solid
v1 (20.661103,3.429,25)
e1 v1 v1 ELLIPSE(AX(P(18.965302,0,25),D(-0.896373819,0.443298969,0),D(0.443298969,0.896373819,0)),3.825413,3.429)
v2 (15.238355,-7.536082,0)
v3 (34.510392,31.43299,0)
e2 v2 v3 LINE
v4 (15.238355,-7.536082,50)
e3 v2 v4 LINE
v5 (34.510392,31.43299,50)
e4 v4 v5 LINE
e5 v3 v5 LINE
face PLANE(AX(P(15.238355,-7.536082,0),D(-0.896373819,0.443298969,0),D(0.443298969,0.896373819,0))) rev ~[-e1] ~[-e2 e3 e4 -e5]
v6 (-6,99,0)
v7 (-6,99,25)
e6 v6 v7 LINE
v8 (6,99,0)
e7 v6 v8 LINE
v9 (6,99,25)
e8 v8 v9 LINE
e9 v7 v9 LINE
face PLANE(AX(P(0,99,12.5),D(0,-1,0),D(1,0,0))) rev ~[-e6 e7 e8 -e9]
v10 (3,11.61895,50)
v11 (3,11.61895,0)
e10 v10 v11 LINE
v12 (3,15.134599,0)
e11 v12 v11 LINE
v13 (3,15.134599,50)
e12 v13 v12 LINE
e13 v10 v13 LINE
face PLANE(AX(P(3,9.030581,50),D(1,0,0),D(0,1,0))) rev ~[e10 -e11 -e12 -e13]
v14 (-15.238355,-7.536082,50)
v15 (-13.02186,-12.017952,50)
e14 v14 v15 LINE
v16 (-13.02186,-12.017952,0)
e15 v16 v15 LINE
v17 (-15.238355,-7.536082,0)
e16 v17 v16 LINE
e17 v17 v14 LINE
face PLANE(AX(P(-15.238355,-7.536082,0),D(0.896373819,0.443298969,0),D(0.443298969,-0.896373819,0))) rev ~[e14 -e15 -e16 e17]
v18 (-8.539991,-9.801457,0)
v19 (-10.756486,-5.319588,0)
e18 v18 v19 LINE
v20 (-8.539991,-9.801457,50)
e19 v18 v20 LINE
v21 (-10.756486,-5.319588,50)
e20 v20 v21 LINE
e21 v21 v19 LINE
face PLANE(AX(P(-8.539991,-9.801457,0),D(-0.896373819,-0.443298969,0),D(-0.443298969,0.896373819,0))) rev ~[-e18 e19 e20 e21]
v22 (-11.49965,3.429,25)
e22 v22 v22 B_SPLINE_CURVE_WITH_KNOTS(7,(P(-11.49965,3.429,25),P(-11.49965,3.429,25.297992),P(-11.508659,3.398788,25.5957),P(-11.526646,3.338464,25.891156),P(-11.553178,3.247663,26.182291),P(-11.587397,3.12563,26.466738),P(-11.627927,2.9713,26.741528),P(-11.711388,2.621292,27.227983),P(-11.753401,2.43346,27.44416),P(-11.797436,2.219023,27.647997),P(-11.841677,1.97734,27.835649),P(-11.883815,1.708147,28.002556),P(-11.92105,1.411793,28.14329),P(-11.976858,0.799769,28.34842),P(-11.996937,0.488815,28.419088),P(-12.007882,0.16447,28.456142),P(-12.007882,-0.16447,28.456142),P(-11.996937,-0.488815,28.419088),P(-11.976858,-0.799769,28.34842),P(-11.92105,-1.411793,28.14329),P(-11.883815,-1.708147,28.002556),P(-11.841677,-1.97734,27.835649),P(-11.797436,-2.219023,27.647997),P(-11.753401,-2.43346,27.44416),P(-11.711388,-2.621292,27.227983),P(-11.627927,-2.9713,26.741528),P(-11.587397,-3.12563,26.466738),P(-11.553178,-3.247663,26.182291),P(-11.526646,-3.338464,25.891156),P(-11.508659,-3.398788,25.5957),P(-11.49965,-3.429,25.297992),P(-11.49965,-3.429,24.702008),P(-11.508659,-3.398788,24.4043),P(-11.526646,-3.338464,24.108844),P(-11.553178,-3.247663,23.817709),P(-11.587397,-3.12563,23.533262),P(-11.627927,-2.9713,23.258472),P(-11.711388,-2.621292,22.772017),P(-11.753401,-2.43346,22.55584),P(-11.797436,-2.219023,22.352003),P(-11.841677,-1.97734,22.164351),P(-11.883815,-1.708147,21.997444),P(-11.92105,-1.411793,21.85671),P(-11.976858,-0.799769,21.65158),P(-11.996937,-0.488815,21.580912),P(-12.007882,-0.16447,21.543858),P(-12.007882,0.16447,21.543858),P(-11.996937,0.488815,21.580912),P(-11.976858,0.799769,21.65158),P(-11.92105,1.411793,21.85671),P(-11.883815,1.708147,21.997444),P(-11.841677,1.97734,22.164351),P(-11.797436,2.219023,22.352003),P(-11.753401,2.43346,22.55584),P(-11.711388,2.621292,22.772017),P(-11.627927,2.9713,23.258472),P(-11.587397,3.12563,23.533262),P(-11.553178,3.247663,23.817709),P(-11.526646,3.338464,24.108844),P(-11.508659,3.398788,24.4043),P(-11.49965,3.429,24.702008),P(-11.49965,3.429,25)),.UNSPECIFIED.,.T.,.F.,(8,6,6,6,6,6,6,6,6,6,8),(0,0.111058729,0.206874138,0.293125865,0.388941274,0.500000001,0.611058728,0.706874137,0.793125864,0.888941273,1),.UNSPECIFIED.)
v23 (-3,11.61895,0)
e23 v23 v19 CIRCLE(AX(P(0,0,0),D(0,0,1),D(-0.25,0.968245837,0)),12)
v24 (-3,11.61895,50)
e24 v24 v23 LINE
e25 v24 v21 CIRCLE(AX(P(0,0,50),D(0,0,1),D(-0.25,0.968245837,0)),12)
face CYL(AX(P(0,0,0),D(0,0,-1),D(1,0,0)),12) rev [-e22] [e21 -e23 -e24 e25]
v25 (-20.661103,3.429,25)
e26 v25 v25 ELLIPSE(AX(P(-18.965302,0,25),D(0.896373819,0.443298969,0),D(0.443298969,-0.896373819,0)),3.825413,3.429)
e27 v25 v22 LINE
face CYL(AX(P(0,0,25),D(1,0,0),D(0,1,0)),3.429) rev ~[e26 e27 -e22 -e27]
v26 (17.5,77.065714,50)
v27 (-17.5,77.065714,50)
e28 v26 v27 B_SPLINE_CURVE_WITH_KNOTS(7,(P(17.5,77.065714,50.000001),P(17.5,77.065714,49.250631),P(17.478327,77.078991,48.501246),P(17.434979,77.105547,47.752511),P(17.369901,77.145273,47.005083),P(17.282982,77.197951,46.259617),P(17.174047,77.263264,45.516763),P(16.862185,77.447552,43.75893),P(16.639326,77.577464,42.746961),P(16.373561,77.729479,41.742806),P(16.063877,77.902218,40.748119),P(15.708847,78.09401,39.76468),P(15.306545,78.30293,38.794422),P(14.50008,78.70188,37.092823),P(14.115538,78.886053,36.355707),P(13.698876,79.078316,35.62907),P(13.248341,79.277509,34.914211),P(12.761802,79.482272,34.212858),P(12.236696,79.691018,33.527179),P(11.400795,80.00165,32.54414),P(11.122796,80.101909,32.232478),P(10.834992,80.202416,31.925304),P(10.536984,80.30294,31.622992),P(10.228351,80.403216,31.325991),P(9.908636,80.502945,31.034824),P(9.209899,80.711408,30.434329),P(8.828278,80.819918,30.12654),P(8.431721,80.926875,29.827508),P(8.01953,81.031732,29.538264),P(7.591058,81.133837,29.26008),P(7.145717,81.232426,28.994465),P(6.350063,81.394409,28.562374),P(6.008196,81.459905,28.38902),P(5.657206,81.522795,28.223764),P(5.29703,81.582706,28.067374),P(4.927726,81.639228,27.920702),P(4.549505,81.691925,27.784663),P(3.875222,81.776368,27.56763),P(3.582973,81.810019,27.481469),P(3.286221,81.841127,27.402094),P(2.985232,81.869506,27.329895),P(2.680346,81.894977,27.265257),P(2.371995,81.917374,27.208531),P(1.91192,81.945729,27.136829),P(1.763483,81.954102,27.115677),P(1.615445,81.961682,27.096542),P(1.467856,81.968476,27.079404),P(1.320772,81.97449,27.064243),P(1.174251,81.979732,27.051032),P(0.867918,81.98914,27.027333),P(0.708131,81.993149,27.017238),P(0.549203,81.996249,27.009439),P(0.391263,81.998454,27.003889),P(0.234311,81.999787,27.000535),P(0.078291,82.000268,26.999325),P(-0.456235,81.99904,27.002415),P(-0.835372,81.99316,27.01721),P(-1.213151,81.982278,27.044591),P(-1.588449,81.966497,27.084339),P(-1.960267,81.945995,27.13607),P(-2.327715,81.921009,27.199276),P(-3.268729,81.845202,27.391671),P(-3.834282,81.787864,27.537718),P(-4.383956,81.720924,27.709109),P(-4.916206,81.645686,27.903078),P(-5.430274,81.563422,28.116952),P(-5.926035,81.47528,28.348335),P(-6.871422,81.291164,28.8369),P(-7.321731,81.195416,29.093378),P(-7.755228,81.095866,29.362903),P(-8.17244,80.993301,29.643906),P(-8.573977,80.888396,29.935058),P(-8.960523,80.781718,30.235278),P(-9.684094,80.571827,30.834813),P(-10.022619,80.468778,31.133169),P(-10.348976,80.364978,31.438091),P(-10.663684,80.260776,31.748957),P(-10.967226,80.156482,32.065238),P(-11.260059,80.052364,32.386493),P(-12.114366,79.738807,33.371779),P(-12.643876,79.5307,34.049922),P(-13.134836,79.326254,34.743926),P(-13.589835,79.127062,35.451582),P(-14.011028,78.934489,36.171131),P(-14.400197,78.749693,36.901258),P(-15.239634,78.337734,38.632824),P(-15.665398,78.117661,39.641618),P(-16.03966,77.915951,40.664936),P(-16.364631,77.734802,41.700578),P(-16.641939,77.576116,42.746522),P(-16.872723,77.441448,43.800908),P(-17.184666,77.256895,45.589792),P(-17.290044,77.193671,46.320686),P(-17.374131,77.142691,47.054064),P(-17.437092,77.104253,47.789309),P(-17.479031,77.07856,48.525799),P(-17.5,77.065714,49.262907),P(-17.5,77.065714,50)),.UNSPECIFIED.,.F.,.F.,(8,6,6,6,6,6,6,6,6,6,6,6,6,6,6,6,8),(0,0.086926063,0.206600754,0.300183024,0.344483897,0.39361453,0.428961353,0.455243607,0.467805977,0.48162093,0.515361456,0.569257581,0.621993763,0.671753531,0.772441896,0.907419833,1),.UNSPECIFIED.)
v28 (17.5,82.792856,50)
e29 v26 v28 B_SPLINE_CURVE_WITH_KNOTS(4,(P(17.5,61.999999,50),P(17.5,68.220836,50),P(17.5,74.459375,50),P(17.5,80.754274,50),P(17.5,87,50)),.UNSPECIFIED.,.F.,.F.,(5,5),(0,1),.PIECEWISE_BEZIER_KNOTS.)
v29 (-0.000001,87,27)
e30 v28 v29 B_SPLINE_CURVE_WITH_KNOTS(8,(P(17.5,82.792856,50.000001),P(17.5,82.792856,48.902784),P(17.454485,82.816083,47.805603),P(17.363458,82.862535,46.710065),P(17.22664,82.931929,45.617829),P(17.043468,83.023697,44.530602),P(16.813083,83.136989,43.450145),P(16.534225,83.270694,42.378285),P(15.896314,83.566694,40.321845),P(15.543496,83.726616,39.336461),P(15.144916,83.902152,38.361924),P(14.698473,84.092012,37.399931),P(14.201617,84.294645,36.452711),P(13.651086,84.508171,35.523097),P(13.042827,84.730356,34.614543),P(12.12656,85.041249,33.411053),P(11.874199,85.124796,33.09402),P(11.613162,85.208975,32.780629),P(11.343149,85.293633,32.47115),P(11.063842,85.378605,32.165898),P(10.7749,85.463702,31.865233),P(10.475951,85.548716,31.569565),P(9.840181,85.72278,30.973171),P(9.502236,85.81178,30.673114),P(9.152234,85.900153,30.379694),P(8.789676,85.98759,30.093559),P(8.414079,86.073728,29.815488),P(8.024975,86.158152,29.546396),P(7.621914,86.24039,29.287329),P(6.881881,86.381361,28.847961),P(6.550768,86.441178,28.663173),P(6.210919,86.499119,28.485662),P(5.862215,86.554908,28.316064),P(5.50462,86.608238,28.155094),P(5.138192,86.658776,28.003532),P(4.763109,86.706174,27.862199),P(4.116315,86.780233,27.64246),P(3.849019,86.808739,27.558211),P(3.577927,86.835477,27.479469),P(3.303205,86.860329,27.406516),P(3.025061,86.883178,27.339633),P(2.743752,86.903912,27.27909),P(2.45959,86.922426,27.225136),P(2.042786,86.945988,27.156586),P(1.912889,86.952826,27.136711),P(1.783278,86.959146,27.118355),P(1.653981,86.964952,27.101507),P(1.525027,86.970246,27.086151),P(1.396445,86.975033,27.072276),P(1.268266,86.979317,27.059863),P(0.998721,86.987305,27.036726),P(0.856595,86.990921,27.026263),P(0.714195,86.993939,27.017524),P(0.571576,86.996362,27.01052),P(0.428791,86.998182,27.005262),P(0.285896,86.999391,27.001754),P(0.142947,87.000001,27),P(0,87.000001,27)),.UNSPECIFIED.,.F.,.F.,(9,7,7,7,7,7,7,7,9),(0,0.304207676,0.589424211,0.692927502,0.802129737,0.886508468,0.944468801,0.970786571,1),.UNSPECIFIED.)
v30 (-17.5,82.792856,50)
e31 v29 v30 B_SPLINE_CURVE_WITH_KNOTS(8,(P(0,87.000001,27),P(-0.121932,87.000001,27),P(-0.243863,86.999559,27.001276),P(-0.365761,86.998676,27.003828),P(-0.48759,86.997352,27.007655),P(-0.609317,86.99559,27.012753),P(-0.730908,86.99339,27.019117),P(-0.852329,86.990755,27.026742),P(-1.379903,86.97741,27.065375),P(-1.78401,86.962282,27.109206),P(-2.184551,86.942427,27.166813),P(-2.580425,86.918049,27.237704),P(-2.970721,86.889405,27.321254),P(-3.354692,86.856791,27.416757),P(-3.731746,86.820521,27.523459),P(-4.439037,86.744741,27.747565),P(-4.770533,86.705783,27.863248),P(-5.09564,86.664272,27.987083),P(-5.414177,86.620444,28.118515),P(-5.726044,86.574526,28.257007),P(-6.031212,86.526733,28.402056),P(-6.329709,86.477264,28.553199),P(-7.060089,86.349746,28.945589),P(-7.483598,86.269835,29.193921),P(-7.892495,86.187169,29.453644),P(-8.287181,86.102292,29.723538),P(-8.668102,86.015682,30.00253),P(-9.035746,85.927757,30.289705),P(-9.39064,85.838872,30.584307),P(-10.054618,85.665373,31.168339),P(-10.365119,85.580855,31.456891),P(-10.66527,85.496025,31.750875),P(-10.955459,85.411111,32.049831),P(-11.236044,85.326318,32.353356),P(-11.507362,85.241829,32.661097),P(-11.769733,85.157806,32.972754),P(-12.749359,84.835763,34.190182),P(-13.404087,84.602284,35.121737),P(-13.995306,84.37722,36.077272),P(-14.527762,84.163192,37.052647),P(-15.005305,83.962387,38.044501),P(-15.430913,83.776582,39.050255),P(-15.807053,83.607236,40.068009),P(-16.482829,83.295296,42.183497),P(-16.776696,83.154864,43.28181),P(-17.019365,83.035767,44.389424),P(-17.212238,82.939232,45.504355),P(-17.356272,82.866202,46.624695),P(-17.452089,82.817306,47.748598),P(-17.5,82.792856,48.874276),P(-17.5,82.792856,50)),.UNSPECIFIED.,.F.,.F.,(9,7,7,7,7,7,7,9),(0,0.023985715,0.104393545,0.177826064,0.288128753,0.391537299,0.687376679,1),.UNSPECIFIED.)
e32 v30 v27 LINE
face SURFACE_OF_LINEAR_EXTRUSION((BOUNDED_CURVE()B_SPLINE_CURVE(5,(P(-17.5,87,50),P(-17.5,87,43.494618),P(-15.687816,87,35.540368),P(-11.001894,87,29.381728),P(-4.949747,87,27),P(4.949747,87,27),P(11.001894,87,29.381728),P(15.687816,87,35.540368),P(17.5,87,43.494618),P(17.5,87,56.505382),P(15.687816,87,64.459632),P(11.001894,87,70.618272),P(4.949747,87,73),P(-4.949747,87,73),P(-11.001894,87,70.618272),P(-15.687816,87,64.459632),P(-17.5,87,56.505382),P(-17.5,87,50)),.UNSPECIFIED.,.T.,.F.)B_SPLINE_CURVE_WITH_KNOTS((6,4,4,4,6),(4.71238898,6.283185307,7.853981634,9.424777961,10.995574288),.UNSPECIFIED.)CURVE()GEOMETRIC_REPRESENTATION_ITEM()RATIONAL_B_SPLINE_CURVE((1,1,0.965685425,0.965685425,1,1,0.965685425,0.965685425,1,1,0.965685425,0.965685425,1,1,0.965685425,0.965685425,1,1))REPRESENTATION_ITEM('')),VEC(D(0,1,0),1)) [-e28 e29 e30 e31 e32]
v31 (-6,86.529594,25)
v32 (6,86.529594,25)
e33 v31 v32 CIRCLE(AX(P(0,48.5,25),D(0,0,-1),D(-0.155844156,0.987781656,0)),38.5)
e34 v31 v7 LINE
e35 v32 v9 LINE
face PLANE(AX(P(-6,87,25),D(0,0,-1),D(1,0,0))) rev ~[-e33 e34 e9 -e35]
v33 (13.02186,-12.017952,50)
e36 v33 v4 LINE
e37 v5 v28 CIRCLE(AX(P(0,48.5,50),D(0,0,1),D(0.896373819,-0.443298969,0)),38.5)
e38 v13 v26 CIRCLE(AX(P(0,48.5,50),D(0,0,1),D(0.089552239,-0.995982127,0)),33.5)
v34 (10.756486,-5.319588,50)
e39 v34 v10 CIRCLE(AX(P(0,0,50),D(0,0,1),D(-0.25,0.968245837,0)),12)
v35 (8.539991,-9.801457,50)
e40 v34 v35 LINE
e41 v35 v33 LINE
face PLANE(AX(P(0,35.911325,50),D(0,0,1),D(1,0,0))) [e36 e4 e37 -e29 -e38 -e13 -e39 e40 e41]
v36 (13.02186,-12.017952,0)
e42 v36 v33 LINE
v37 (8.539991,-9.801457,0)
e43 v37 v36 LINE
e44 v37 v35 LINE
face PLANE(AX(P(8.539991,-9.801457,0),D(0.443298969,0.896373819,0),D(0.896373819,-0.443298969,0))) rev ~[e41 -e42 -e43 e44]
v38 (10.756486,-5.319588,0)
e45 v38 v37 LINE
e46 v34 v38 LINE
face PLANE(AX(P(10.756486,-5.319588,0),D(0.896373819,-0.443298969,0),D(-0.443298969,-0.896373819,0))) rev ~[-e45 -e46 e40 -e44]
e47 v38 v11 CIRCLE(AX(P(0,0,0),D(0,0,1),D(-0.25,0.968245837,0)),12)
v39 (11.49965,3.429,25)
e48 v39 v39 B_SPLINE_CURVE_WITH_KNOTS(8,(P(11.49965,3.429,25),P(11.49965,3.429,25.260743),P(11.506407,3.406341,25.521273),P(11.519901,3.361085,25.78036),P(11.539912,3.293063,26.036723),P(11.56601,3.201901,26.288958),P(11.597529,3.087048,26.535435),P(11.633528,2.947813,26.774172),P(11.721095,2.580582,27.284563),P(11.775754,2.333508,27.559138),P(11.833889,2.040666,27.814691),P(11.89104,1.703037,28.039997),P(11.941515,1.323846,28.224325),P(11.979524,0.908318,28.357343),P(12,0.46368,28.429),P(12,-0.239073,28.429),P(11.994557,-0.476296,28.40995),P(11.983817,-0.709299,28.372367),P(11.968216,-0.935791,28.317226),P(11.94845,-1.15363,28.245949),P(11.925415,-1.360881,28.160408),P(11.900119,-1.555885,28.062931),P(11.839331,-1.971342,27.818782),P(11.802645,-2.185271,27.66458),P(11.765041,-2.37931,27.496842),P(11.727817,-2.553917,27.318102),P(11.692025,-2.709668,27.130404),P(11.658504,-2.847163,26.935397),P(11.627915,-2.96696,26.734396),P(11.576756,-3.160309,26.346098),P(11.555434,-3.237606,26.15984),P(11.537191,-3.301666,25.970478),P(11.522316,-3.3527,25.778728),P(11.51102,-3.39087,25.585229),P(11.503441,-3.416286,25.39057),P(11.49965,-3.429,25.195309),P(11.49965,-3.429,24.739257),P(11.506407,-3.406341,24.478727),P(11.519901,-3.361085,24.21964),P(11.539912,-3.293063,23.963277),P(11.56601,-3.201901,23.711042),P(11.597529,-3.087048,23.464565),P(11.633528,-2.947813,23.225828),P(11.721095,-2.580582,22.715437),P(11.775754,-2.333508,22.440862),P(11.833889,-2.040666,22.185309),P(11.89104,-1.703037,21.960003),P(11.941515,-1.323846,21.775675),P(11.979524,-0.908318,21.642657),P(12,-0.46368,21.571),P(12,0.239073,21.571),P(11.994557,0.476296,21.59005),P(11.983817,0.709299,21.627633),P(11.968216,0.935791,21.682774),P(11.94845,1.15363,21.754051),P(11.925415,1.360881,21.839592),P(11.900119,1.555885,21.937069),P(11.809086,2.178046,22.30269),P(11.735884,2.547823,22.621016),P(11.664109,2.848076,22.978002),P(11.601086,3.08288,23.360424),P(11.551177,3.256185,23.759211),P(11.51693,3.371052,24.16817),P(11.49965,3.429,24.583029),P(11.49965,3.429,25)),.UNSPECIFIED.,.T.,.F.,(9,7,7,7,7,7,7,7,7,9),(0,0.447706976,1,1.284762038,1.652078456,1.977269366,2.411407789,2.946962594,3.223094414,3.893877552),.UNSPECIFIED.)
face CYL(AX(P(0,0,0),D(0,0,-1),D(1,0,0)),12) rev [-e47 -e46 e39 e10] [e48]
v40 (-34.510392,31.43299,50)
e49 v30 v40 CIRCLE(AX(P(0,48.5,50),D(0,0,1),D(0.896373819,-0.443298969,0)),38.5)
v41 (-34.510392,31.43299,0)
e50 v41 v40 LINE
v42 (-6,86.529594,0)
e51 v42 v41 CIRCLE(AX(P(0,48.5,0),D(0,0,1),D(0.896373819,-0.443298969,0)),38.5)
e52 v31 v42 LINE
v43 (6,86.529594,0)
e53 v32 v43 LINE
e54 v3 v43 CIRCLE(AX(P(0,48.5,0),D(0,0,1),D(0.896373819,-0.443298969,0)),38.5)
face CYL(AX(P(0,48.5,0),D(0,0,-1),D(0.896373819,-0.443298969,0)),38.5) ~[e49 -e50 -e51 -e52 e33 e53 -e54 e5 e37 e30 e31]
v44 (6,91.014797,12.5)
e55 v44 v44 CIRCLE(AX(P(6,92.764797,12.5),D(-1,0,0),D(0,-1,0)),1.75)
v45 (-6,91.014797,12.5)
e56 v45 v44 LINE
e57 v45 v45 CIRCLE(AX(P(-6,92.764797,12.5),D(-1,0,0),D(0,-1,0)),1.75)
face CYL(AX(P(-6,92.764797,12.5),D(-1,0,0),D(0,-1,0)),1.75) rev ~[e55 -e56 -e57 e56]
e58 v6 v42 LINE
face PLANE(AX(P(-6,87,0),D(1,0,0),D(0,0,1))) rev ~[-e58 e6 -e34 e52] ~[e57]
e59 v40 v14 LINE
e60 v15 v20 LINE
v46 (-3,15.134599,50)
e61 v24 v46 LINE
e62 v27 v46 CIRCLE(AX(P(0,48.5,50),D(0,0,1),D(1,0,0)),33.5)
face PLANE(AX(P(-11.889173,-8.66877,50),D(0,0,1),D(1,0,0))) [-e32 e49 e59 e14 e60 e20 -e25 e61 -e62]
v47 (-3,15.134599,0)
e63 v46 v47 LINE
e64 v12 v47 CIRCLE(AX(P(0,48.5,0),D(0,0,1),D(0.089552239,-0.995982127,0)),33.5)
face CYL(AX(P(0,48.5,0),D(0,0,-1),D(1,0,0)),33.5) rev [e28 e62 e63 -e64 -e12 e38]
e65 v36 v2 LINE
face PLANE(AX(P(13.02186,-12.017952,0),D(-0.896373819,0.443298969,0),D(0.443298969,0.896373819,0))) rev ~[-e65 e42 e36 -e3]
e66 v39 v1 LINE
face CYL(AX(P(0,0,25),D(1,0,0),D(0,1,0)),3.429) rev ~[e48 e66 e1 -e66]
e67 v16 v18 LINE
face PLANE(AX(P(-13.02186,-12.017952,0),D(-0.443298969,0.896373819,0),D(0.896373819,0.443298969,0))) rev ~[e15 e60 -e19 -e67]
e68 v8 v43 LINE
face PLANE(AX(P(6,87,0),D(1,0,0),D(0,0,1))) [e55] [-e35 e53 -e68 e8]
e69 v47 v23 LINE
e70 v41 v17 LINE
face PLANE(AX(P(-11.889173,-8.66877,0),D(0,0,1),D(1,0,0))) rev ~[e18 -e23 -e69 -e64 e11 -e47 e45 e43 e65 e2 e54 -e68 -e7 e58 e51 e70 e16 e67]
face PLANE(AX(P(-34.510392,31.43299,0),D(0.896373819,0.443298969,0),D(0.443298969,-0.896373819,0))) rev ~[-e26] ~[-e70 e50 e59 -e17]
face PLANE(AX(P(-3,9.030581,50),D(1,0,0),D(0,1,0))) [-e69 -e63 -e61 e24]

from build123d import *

# Parameters (mm, degrees)
F0_R      = 12
F0_R_2    = 33.5
F1_DEPTH  = 50
F4_DEPTH  = 25
F5_W      = 12
F5_H      = 25
F6_DEPTH  = 1
F7_DEPTH  = 12
F8_R      = 3.429
F9_DEPTH  = 30
F10_R     = 1.75
F11_DEPTH = 25
F12_W     = 6
F12_H     = 8.7619052733
F13_DEPTH = 55
F15_DEPTH = 52
F17_DEPTH = 50


with BuildPart() as f1:
    # F0 (on Top) → F1 (new body)
    with BuildSketch(Plane.XY):
        with BuildLine():
            ThreePointArc((34.510392045, 31.4329896907), (0, 87), (-34.510392045, 31.4329896907))
            Line((-34.510392045, 31.4329896907), (-15.238354929, -7.5360824742))
            ThreePointArc((-15.238354929, -7.5360824742), (0, -17), (15.238354929, -7.5360824742))
            Line((15.238354929, -7.5360824742), (34.510392045, 31.4329896907))
        make_face()
        Circle(F0_R, mode=Mode.SUBTRACT)
        with Locations((0, 48.5)):
            Circle(F0_R_2, mode=Mode.SUBTRACT)
    extrude(amount=F1_DEPTH)

    # F3 (on offset) → F4 (cut)
    with BuildSketch(Plane.XZ.offset(-87)):
        with BuildLine():
            add(Edge.make_bspline(
                [(17.5, 50), (17.5, 73), (0, 73), (-17.5, 73), (-17.5, 50)],
                knots=[1.5707963268, 1.5707963268, 1.5707963268, 3.1415926536, 3.1415926536, 4.7123889804, 4.7123889804, 4.7123889804], degree=2, weights=[1, 0.7071067812, 1, 0.7071067812, 1]))
            Line((-17.5, 50), (17.5, 50))
        make_face()
        with BuildLine():
            Line((17.5, 50), (-17.5, 50))
            add(Edge.make_bspline(
                [(-17.5, 50), (-17.5, 27), (0, 27)],
                knots=[4.7123889804, 4.7123889804, 4.7123889804, 6.2831853072, 6.2831853072, 6.2831853072], degree=2, weights=[1, 0.7071067812, 1]))
            add(Edge.make_bspline(
                [(0, 27), (17.5, 27), (17.5, 50)],
                knots=[0, 0, 0, 1.5707963268, 1.5707963268, 1.5707963268], degree=2, weights=[1, 0.7071067812, 1]))
        make_face()
    extrude(amount=F4_DEPTH, mode=Mode.SUBTRACT)

    # F5 (on offset) → F6 (join)
    with BuildSketch(Plane.XZ.offset(-87)):
        with Locations((0, 12.5)):
            Rectangle(F5_W, F5_H)
    extrude(amount=F6_DEPTH)

    # F5 (on offset) → F7 (join)
    with BuildSketch(Plane.XZ.offset(-87)):
        with Locations((0, 12.5)):
            Rectangle(F5_W, F5_H)
    extrude(amount=-F7_DEPTH)

    # F8 (on Right) → F9 (cut, symmetric)
    with BuildSketch(Plane.YZ):
        with Locations((0, 25)):
            Circle(F8_R)
    extrude(amount=F9_DEPTH, both=True, mode=Mode.SUBTRACT)

    # F10 (on face) → F11 (cut)
    with BuildSketch(Plane(origin=(-6, 0, 0), x_dir=(0, -1, 0), z_dir=(-1, 0, 0))):
        with Locations((-92.7647968698, 12.5)):
            Circle(F10_R)
    extrude(amount=-F11_DEPTH, mode=Mode.SUBTRACT)

    # F12 (on face) → F13 (cut)
    with BuildSketch(Plane.XY.offset(50)):
        with Locations((0, 13.4115335532)):
            Rectangle(F12_W, F12_H)
    extrude(amount=-F13_DEPTH, mode=Mode.SUBTRACT)

    # F14 (on face) → F15 (cut)
    with BuildSketch(Plane.XY.offset(50)):
        with BuildLine():
            ThreePointArc((10.7564858322, -5.3195876289), (0, -12), (-10.7564858322, -5.3195876289))
            Line((-10.7564858322, -5.3195876289), (-15.238354929, -7.5360824742))
            ThreePointArc((-15.238354929, -7.5360824742), (0, -17), (15.238354929, -7.5360824742))
            Line((15.238354929, -7.5360824742), (10.7564858322, -5.3195876289))
        make_face()
    extrude(amount=-F15_DEPTH, mode=Mode.SUBTRACT)

    # F16 (on Top) → F17 (join)
    with BuildSketch(Plane.XY):
        Polygon((-10.7564858322, -5.3195876289), (-15.238354929, -7.5360824742), (-13.0218600836, -12.017951571), (-8.5399909869, -9.8014567256), align=None)
        Polygon((13.0218600836, -12.017951571), (15.238354929, -7.5360824742), (10.7564858322, -5.3195876289), (8.5399909869, -9.8014567256), align=None)
    extrude(amount=F17_DEPTH)


solid = f1.part
